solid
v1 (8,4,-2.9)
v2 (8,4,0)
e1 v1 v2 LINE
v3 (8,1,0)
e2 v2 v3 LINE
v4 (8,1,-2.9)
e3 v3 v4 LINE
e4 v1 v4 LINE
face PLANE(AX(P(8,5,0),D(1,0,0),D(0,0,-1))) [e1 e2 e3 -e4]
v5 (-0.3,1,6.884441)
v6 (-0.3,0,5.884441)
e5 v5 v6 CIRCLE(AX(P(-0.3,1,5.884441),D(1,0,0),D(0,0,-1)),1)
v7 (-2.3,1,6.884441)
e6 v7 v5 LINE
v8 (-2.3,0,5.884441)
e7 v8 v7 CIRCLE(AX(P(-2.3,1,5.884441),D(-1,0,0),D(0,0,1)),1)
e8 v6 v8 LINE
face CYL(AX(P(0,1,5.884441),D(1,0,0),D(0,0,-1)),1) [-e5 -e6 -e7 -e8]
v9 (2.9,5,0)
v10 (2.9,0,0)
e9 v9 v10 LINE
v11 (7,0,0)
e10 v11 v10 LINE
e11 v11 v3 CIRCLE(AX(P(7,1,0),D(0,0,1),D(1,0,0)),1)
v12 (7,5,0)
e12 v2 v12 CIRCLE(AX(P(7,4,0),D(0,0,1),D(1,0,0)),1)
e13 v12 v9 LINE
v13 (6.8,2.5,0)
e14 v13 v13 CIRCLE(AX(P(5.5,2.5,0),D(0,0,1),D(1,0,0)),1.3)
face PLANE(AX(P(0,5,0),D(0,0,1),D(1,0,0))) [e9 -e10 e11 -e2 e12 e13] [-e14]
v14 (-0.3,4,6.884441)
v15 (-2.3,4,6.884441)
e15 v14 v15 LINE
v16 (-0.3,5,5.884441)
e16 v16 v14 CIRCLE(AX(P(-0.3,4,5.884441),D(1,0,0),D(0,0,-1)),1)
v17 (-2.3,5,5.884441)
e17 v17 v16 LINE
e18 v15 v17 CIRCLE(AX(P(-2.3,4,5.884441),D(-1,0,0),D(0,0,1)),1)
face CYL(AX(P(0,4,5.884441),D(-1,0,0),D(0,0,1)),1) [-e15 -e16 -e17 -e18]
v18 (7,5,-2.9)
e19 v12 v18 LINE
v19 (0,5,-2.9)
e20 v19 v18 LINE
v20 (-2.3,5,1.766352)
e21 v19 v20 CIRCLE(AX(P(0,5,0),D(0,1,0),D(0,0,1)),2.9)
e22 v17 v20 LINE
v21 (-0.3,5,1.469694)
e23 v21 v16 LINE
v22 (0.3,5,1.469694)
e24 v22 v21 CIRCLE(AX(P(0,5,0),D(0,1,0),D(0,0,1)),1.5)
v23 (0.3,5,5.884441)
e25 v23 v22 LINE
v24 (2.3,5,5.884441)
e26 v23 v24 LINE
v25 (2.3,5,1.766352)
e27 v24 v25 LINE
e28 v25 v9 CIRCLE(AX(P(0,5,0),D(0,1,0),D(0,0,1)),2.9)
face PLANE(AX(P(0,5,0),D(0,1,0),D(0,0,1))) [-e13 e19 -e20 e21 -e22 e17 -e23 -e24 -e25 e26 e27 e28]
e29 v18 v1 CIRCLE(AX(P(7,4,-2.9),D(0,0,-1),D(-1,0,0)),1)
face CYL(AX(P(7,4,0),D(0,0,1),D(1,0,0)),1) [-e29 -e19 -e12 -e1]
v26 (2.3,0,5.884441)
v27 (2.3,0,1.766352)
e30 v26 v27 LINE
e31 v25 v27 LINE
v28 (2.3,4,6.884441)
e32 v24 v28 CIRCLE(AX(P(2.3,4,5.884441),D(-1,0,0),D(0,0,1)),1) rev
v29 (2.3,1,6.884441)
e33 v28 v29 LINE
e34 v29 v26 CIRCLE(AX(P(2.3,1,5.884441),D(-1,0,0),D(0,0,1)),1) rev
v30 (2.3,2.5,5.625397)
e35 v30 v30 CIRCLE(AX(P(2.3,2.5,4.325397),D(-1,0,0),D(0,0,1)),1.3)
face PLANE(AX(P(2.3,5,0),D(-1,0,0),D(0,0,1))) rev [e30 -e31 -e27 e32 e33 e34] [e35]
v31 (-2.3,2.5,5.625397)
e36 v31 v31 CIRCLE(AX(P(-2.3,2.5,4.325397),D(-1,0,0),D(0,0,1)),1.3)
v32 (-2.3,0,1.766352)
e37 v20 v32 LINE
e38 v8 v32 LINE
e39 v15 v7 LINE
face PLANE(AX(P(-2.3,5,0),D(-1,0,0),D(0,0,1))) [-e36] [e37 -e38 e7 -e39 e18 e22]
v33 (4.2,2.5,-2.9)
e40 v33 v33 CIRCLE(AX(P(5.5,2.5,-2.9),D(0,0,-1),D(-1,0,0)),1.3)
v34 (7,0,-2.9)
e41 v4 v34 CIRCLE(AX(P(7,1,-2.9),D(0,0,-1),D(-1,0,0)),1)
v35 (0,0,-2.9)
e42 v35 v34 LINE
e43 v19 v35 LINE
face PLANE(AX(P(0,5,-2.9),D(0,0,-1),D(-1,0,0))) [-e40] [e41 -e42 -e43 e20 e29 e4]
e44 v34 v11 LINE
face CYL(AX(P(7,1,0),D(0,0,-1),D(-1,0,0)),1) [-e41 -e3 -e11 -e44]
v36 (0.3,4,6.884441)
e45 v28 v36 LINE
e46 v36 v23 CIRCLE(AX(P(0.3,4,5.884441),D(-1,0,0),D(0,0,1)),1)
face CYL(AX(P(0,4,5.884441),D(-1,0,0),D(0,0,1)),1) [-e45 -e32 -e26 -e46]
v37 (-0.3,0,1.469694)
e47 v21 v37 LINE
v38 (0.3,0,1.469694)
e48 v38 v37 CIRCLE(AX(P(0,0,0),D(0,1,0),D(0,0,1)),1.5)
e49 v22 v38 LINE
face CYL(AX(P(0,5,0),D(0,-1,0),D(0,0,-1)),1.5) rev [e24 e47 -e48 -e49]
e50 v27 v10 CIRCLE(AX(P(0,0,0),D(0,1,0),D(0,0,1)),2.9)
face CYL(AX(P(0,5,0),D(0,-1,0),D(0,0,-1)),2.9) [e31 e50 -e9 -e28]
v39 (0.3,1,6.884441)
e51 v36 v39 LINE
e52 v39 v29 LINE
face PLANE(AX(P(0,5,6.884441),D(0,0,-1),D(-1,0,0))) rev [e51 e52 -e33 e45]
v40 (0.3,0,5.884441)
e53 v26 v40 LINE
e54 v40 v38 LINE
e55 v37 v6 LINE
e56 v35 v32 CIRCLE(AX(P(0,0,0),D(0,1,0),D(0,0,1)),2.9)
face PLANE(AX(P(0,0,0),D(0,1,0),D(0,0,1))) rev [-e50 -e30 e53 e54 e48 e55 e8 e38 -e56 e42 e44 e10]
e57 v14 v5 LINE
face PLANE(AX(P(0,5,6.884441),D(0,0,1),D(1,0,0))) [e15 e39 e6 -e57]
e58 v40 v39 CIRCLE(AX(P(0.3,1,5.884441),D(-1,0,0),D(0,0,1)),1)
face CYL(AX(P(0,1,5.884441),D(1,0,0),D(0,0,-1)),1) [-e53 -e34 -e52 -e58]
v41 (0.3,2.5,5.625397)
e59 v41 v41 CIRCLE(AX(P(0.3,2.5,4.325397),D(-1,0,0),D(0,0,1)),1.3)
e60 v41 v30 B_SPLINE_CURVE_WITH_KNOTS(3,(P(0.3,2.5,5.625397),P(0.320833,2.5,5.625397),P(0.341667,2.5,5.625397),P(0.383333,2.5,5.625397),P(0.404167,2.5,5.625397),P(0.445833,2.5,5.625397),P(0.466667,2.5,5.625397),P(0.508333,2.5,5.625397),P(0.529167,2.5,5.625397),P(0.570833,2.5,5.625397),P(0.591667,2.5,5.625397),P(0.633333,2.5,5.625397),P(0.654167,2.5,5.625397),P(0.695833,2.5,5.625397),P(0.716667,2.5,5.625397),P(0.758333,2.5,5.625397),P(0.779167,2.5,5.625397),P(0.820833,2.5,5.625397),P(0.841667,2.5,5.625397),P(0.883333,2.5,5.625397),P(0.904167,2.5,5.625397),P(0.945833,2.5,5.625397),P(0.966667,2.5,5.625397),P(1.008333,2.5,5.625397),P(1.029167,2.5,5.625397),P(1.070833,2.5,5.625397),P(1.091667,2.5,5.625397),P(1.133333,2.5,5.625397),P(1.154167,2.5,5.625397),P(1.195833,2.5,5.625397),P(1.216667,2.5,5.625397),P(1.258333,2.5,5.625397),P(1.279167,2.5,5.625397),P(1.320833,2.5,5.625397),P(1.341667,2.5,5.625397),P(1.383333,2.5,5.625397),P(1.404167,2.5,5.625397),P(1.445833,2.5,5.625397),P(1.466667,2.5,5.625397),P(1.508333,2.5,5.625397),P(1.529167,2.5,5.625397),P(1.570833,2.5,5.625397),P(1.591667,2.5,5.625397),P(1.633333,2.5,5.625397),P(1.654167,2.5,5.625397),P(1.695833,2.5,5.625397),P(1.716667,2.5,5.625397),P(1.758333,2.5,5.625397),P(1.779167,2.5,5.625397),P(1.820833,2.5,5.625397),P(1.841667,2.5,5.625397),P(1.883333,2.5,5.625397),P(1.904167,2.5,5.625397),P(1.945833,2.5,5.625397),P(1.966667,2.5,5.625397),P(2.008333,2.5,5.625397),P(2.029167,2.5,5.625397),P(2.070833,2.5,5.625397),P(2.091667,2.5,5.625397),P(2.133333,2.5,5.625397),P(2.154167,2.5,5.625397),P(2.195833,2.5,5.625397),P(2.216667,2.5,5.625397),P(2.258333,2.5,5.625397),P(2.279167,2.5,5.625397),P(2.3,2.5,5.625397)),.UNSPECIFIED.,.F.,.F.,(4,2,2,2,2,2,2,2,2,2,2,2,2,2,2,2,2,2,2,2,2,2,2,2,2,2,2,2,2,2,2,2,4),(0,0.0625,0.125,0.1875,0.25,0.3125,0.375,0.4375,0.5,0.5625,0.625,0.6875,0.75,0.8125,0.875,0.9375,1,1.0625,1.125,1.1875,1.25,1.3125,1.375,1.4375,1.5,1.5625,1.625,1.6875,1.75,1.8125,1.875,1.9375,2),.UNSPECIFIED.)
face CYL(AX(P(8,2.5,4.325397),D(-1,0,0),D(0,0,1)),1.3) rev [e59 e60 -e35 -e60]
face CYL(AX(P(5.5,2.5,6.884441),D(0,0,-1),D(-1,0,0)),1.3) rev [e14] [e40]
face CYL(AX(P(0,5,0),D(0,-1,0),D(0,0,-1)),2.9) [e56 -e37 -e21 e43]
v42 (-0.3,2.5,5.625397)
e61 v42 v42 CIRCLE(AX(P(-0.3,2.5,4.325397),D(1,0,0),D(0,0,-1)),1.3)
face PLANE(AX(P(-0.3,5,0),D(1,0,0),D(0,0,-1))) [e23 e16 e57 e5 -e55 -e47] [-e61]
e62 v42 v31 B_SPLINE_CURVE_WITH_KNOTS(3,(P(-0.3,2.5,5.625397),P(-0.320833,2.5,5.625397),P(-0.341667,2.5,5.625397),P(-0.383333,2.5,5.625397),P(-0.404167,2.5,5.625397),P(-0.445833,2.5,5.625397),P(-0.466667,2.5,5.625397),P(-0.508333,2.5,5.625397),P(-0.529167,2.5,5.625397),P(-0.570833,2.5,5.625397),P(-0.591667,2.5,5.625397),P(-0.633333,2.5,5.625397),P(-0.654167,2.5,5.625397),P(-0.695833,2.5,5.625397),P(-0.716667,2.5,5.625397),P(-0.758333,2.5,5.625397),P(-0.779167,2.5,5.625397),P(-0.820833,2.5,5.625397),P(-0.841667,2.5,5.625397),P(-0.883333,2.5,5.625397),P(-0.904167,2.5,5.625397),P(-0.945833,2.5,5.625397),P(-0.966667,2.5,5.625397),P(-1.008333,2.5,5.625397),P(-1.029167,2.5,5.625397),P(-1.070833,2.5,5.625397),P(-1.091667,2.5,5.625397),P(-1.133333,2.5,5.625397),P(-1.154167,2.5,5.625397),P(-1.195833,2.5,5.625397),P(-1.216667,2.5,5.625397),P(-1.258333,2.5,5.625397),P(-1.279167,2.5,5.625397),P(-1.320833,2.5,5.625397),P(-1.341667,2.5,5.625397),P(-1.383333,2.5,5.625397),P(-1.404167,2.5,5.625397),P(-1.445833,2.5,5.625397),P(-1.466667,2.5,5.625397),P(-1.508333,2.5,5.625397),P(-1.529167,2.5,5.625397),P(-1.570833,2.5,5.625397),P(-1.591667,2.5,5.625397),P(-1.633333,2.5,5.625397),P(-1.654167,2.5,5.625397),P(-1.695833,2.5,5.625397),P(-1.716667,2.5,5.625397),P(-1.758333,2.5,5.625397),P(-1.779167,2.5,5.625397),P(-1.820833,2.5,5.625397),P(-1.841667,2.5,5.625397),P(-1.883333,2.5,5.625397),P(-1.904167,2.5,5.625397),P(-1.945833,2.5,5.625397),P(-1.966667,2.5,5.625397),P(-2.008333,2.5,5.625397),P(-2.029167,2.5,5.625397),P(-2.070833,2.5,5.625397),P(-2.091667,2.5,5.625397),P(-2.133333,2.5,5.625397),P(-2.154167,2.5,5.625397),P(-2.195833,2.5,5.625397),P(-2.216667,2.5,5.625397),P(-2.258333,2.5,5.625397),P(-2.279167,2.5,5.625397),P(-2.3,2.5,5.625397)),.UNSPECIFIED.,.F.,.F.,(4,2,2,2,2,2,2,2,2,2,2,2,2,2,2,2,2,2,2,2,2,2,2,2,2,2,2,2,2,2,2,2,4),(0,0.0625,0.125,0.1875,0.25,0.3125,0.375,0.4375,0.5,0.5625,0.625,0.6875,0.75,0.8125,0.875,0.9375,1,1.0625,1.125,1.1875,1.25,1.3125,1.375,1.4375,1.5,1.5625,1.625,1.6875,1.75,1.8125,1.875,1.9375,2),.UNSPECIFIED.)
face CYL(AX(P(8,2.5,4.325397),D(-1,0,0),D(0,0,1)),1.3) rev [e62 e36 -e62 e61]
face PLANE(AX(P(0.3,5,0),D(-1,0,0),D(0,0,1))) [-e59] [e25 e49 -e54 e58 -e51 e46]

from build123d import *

# Parameters (mm, degrees)
BOSS_EXTRUDE1_DEPTH = 5
SKETCH2_R           = 1.3
CUT_EXTRUDE1_DEPTH  = 14.35984761
SKETCH3_R           = 1.3
CUT_EXTRUDE2_DEPTH  = 14.591735948
FILLET1_R           = 1
FILLET2_R           = 1


with BuildPart() as part:
    # Sketch1 → Boss-Extrude1 (new body)
    with BuildSketch(Plane(origin=(0, 0, 0), x_dir=(1, 0, 0), z_dir=(0, 1, 0))):
        with BuildLine():
            Line((2.3, -6.88444102), (2.3, -1.766352173))
            ThreePointArc((2.3, -1.766352173), (2.745906044, -0.932737905), (2.9, 0))
            Line((2.9, 0), (8, 0))
            Line((8, 0), (8, 2.9))
            Line((8, 2.9), (0, 2.9))
            ThreePointArc((0, 2.9), (-2.601194082, 1.282103486), (-2.3, -1.766352173))
            Line((-2.3, -1.766352173), (-2.3, -6.88444102))
            Line((-2.3, -6.88444102), (-0.3, -6.88444102))
            Line((-0.3, -6.88444102), (-0.3, -2.88444102))
            Line((-0.3, -2.88444102), (-0.3, -1.469693846))
            ThreePointArc((-0.3, -1.469693846), (0, 1.5), (0.3, -1.469693846))
            Line((0.3, -1.469693846), (0.3, -2.88444102))
            Line((0.3, -2.88444102), (0.3, -6.88444102))
            Line((0.3, -6.88444102), (2.3, -6.88444102))
        make_face()
    extrude(amount=BOSS_EXTRUDE1_DEPTH)

    # Sketch2 → Cut-Extrude1 (cut, through all)
    with BuildSketch(Plane.ZY.offset(2.3)):
        with Locations((4.325396597, 2.5)):
            Circle(SKETCH2_R)
    extrude(amount=-CUT_EXTRUDE1_DEPTH, mode=Mode.SUBTRACT)

    # Sketch3 → Cut-Extrude2 (cut, through all)
    with BuildSketch(Plane(origin=(0, 0, -2.9), x_dir=(-1, 0, 0), z_dir=(0, 0, -1))):
        with Locations((-5.5, 2.5)):
            Circle(SKETCH3_R)
    extrude(amount=-CUT_EXTRUDE2_DEPTH, mode=Mode.SUBTRACT)

    # Fillet1
    fillet1_edges = [part.edges().sort_by_distance(p)[0] for p in [
        (1.3, 0, 6.88444102),
        (-1.3, 0, 6.88444102),
        (-1.3, 5, 6.88444102),
        (1.3, 5, 6.88444102),
    ]]
    fillet(fillet1_edges, radius=FILLET1_R)

    # Fillet2
    fillet2_edges = [part.edges().sort_by_distance(p)[0] for p in [
        (8, 0, -1.45),
        (8, 5, -1.45),
    ]]
    fillet(fillet2_edges, radius=FILLET2_R)


solid = part.part
